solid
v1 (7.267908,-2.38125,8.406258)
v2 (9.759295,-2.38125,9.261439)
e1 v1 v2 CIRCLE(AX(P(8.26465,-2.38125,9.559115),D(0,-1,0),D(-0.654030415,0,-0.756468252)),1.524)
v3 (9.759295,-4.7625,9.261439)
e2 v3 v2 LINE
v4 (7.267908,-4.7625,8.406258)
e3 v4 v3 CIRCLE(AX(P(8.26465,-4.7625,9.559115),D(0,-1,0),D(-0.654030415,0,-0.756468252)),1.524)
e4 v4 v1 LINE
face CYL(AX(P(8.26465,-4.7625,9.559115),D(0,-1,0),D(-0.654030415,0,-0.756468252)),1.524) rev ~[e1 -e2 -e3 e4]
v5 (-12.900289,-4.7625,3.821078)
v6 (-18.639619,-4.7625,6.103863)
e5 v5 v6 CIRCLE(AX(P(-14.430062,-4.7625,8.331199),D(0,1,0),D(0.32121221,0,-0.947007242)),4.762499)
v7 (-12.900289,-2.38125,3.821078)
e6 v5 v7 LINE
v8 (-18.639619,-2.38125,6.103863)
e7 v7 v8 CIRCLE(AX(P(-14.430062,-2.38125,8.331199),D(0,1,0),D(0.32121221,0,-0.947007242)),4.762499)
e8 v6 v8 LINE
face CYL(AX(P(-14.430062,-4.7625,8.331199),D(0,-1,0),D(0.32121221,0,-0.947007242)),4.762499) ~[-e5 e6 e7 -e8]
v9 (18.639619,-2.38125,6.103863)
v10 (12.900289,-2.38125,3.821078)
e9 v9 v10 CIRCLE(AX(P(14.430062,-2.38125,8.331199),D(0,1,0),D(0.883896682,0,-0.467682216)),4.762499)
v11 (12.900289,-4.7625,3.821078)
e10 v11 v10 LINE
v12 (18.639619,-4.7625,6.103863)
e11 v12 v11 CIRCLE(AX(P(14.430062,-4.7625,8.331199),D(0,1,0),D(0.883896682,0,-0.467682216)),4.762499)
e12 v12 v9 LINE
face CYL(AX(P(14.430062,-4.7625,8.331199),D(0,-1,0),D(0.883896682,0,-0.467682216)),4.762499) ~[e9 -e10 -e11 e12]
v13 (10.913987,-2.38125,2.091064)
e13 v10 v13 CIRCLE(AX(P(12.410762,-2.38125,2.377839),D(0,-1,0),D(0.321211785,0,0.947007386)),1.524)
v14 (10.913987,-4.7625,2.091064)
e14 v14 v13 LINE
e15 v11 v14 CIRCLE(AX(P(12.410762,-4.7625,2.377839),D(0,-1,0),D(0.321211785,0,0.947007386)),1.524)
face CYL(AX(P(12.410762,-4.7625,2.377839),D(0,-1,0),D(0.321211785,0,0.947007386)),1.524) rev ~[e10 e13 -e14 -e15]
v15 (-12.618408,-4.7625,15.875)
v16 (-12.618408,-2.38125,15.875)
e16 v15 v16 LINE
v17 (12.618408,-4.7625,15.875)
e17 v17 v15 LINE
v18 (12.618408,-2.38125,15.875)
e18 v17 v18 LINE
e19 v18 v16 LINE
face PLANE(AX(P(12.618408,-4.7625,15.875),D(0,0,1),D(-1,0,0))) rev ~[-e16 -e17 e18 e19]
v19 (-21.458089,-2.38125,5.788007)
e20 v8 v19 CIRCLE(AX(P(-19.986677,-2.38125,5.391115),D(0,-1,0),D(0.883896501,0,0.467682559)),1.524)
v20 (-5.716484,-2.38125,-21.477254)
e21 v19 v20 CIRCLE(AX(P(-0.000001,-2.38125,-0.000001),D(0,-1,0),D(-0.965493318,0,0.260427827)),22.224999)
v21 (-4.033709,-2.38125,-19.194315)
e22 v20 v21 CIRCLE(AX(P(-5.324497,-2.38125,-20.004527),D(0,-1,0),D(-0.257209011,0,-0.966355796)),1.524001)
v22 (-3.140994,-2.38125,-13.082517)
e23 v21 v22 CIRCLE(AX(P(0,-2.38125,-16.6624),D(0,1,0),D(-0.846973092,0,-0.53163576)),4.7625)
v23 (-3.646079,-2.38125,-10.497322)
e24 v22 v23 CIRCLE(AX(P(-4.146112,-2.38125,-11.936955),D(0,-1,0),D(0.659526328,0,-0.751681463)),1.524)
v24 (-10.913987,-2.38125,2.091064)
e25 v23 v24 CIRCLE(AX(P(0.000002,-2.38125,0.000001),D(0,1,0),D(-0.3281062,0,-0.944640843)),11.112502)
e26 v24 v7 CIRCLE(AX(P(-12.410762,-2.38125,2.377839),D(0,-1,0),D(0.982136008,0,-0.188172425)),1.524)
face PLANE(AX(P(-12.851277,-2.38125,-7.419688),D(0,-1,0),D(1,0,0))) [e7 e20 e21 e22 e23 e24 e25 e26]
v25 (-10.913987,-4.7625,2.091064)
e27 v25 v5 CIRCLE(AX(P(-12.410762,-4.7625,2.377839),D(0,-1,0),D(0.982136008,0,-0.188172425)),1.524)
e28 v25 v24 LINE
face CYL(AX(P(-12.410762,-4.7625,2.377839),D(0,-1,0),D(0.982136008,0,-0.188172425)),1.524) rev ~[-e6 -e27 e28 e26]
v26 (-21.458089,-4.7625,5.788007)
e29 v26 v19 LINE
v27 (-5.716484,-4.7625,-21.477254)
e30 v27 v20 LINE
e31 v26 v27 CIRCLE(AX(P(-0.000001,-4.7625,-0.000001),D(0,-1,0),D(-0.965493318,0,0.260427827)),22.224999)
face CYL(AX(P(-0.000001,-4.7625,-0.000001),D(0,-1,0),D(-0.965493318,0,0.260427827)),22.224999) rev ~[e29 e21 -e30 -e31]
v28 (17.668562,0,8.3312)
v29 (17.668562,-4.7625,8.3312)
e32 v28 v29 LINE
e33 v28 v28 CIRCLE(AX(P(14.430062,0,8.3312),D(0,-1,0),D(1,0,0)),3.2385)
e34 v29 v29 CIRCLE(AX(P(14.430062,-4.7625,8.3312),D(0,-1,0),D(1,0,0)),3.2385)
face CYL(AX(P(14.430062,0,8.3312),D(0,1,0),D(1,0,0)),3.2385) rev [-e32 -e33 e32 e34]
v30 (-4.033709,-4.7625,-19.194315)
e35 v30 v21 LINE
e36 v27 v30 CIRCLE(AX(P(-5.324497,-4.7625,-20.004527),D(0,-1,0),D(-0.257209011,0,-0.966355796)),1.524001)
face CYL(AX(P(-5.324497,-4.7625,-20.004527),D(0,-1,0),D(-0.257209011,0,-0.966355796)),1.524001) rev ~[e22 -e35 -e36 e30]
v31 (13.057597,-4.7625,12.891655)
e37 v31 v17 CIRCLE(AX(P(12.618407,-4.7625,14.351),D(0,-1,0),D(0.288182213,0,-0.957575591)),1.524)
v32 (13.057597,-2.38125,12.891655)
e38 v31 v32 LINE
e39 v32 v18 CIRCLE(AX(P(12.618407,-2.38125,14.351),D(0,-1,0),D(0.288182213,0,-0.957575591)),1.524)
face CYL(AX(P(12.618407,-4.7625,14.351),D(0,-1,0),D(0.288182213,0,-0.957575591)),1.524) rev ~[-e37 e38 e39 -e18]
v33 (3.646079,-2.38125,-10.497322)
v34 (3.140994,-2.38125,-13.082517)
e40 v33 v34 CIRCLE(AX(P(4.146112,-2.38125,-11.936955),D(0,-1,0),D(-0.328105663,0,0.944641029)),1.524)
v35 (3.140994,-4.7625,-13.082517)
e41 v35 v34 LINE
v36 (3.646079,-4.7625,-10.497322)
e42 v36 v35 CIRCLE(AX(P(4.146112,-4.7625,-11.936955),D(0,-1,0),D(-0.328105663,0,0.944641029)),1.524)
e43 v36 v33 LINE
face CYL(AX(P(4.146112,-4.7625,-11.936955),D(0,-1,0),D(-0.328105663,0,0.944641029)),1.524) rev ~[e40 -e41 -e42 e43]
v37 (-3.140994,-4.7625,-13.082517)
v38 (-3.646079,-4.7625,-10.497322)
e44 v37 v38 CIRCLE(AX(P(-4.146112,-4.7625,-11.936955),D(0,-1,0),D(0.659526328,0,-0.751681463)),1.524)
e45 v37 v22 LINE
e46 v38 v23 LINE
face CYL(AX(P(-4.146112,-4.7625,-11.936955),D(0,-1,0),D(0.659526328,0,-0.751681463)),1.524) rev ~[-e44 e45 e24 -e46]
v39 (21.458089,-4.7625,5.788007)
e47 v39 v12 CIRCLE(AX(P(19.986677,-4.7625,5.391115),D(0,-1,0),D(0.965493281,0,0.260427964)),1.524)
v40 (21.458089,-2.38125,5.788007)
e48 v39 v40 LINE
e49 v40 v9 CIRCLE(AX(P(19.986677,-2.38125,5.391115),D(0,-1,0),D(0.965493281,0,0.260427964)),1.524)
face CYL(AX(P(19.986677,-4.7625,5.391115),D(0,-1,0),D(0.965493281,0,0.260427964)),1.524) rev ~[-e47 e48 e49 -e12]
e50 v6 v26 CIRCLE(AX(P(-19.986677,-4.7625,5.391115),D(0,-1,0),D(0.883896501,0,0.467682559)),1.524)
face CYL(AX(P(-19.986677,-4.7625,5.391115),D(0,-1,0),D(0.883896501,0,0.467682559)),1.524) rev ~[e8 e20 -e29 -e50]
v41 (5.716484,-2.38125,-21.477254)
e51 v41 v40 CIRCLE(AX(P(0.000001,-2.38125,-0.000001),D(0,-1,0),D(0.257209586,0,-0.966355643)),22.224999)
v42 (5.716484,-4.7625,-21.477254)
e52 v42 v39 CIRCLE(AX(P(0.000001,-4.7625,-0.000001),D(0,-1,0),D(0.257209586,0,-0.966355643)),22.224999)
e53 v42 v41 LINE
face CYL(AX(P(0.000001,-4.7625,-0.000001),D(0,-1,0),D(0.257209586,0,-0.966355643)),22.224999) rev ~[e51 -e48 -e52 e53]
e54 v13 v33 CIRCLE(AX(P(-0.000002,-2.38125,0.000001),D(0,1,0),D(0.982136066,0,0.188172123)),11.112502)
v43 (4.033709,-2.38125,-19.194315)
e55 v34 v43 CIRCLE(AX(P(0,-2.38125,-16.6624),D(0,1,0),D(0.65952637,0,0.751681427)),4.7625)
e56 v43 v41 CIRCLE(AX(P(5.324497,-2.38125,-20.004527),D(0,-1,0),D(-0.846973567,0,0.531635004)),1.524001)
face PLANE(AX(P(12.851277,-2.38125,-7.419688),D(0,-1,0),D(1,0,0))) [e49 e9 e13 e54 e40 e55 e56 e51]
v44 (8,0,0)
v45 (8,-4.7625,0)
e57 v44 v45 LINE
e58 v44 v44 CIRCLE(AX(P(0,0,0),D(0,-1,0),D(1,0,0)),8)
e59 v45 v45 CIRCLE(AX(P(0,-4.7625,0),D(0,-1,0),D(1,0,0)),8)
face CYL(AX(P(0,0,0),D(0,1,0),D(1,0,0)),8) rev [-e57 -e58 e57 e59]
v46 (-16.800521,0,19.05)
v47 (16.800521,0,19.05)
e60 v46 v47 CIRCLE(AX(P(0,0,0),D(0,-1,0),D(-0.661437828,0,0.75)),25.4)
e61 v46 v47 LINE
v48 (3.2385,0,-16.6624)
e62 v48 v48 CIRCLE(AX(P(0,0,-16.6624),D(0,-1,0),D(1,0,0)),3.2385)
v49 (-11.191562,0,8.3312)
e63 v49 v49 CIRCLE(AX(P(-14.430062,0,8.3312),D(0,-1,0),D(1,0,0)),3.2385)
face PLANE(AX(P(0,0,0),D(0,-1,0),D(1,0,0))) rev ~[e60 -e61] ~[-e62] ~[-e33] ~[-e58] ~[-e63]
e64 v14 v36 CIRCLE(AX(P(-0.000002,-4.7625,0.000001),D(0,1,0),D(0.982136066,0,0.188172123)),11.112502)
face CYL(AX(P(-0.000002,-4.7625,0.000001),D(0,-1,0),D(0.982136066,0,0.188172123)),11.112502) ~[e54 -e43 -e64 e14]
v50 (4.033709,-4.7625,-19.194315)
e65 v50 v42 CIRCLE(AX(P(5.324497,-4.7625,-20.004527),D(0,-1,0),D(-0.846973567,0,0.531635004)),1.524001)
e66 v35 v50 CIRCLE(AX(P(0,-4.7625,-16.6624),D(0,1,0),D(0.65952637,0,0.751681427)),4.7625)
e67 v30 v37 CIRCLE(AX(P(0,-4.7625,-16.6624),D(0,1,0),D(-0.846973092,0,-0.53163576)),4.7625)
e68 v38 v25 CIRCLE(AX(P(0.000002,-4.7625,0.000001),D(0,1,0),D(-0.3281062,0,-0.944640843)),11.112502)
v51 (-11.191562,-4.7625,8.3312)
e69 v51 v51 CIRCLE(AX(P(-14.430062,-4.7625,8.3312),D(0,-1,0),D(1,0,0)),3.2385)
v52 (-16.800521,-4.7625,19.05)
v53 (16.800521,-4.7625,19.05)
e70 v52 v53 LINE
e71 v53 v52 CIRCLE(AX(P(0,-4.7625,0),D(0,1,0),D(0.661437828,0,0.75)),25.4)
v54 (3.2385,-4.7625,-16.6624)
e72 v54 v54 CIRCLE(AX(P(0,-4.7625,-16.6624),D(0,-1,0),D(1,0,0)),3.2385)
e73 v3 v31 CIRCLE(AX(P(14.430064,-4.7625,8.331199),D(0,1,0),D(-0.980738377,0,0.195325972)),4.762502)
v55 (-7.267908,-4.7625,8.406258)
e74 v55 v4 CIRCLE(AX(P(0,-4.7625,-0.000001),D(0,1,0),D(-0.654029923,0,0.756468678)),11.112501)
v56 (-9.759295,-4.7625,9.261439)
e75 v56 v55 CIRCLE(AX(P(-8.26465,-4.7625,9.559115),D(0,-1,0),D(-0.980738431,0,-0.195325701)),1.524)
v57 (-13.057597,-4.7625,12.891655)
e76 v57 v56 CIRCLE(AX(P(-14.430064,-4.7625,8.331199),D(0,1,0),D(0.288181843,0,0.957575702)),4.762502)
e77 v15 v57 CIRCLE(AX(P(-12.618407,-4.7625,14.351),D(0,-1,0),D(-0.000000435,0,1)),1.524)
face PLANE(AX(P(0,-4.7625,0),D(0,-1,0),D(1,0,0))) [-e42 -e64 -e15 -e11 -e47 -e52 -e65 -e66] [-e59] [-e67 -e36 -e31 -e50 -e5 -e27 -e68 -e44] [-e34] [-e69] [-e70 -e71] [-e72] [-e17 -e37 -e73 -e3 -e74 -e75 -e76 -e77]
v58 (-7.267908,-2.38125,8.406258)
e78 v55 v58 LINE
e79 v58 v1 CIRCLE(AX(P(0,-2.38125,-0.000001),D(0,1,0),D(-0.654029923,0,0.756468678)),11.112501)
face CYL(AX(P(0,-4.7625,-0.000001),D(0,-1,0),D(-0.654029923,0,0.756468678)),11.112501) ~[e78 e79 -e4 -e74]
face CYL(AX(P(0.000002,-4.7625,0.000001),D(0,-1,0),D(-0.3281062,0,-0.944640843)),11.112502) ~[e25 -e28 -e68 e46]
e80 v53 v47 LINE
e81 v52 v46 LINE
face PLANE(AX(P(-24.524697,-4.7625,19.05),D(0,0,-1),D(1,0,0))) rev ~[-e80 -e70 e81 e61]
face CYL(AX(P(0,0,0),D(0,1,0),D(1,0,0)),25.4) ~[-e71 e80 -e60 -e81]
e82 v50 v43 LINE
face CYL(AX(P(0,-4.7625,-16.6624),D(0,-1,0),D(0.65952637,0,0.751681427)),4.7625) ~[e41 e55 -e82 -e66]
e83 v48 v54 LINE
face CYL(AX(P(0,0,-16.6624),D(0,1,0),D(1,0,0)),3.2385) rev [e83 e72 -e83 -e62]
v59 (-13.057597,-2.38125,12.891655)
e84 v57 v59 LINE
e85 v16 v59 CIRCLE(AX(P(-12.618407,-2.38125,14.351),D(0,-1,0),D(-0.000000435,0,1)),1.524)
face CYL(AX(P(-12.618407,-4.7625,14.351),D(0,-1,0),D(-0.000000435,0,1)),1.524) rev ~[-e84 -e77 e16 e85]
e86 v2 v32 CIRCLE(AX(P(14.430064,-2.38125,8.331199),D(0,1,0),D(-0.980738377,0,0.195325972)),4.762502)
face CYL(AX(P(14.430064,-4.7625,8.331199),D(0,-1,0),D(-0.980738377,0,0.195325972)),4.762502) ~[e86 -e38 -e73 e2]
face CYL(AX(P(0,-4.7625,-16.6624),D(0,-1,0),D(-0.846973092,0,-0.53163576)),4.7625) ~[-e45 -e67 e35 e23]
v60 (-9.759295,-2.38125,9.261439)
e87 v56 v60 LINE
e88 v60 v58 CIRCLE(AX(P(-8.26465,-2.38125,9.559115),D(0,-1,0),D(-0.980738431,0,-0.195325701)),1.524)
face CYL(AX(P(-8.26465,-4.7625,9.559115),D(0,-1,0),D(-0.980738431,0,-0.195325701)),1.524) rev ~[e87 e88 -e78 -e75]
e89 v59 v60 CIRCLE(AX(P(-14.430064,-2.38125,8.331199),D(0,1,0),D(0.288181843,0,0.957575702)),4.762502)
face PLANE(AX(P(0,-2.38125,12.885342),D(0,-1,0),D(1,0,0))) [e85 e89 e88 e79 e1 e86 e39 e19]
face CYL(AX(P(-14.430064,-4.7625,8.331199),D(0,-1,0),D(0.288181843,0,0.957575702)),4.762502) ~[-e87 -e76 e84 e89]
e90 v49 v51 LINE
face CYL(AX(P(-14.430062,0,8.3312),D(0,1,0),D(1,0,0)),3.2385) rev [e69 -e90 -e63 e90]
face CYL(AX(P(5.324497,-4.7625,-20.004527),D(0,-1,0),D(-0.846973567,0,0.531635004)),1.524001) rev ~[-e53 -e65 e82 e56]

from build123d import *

# Parameters (mm, degrees)
F0_R     = 25.4
F0_R_2   = 3.2385
F0_R_3   = 8
F1_DEPTH = 4.7625
F2_W     = 50.561215
F2_H     = 14.34433
F3_DEPTH = 25.4
F5_DEPTH = 2.38125


with BuildPart() as f1:
    # F0 (on Front) → F1 (new body)
    with BuildSketch(Plane.XZ):
        Circle(F0_R)
        with Locations((0, -16.6624)):
            Circle(F0_R_2, mode=Mode.SUBTRACT)
        Circle(F0_R_3, mode=Mode.SUBTRACT)
        with Locations((-14.430062, 8.3312)):
            Circle(F0_R_2, mode=Mode.SUBTRACT)
        with Locations((14.430062, 8.3312)):
            Circle(F0_R_2, mode=Mode.SUBTRACT)
    extrude(amount=F1_DEPTH)

    # F2 (on face) → F3 (cut)
    with BuildSketch(Plane.XZ.offset(4.7625)):
        with Locations((0.75591, 26.222165)):
            Rectangle(F2_W, F2_H)
    extrude(amount=-F3_DEPTH, mode=Mode.SUBTRACT)

    # F4 (on face) → F5 (cut)
    with BuildSketch(Plane.XZ.offset(4.7625)):
        with BuildLine():
            ThreePointArc((-3.646079, -10.497322), (-9.623707, -5.55625), (-10.913987, 2.091064))
            ThreePointArc((-10.913987, 2.091064), (-11.409826, 3.527057), (-12.900289, 3.821078))
            ThreePointArc((-12.900289, 3.821078), (-16.190201, 3.905896), (-18.639619, 6.103863))
            ThreePointArc((-18.639619, 6.103863), (-20.156405, 6.905634), (-21.458089, 5.788007))
            ThreePointArc((-21.458089, 5.788007), (-19.247415, -11.1125), (-5.716484, -21.477254))
            ThreePointArc((-5.716484, -21.477254), (-4.097748, -20.908775), (-4.033709, -19.194315))
            ThreePointArc((-4.033709, -19.194315), (-4.712495, -15.974073), (-3.140994, -13.082517))
            ThreePointArc((-3.140994, -13.082517), (-2.650392, -11.644727), (-3.646079, -10.497322))
        make_face()
        with BuildLine():
            ThreePointArc((-7.267908, 8.406258), (0, 11.1125), (7.267908, 8.406258))
            ThreePointArc((7.267908, 8.406258), (8.759433, 8.11767), (9.759295, 9.261439))
            ThreePointArc((9.759295, 9.261439), (10.905182, 11.533797), (13.057597, 12.891655))
            ThreePointArc((13.057597, 12.891655), (14.126157, 14.572961), (12.618408, 15.875))
            Line((12.618408, 15.875), (-12.618408, 15.875))
            ThreePointArc((-12.618408, 15.875), (-14.126157, 14.572961), (-13.057597, 12.891655))
            ThreePointArc((-13.057597, 12.891655), (-10.905182, 11.533797), (-9.759295, 9.261439))
            ThreePointArc((-9.759295, 9.261439), (-8.759433, 8.11767), (-7.267908, 8.406258))
        make_face()
        with BuildLine():
            ThreePointArc((10.913987, 2.091064), (9.623707, -5.55625), (3.646079, -10.497322))
            ThreePointArc((3.646079, -10.497322), (2.650392, -11.644727), (3.140994, -13.082517))
            ThreePointArc((3.140994, -13.082517), (4.712495, -15.974073), (4.033709, -19.194315))
            ThreePointArc((4.033709, -19.194315), (4.097748, -20.908775), (5.716484, -21.477254))
            ThreePointArc((5.716484, -21.477254), (19.247415, -11.1125), (21.458089, 5.788007))
            ThreePointArc((21.458089, 5.788007), (20.156405, 6.905634), (18.639619, 6.103863))
            ThreePointArc((18.639619, 6.103863), (16.190201, 3.905896), (12.900289, 3.821078))
            ThreePointArc((12.900289, 3.821078), (11.409826, 3.527057), (10.913987, 2.091064))
        make_face()
    extrude(amount=-F5_DEPTH, mode=Mode.SUBTRACT)


solid = f1.part
